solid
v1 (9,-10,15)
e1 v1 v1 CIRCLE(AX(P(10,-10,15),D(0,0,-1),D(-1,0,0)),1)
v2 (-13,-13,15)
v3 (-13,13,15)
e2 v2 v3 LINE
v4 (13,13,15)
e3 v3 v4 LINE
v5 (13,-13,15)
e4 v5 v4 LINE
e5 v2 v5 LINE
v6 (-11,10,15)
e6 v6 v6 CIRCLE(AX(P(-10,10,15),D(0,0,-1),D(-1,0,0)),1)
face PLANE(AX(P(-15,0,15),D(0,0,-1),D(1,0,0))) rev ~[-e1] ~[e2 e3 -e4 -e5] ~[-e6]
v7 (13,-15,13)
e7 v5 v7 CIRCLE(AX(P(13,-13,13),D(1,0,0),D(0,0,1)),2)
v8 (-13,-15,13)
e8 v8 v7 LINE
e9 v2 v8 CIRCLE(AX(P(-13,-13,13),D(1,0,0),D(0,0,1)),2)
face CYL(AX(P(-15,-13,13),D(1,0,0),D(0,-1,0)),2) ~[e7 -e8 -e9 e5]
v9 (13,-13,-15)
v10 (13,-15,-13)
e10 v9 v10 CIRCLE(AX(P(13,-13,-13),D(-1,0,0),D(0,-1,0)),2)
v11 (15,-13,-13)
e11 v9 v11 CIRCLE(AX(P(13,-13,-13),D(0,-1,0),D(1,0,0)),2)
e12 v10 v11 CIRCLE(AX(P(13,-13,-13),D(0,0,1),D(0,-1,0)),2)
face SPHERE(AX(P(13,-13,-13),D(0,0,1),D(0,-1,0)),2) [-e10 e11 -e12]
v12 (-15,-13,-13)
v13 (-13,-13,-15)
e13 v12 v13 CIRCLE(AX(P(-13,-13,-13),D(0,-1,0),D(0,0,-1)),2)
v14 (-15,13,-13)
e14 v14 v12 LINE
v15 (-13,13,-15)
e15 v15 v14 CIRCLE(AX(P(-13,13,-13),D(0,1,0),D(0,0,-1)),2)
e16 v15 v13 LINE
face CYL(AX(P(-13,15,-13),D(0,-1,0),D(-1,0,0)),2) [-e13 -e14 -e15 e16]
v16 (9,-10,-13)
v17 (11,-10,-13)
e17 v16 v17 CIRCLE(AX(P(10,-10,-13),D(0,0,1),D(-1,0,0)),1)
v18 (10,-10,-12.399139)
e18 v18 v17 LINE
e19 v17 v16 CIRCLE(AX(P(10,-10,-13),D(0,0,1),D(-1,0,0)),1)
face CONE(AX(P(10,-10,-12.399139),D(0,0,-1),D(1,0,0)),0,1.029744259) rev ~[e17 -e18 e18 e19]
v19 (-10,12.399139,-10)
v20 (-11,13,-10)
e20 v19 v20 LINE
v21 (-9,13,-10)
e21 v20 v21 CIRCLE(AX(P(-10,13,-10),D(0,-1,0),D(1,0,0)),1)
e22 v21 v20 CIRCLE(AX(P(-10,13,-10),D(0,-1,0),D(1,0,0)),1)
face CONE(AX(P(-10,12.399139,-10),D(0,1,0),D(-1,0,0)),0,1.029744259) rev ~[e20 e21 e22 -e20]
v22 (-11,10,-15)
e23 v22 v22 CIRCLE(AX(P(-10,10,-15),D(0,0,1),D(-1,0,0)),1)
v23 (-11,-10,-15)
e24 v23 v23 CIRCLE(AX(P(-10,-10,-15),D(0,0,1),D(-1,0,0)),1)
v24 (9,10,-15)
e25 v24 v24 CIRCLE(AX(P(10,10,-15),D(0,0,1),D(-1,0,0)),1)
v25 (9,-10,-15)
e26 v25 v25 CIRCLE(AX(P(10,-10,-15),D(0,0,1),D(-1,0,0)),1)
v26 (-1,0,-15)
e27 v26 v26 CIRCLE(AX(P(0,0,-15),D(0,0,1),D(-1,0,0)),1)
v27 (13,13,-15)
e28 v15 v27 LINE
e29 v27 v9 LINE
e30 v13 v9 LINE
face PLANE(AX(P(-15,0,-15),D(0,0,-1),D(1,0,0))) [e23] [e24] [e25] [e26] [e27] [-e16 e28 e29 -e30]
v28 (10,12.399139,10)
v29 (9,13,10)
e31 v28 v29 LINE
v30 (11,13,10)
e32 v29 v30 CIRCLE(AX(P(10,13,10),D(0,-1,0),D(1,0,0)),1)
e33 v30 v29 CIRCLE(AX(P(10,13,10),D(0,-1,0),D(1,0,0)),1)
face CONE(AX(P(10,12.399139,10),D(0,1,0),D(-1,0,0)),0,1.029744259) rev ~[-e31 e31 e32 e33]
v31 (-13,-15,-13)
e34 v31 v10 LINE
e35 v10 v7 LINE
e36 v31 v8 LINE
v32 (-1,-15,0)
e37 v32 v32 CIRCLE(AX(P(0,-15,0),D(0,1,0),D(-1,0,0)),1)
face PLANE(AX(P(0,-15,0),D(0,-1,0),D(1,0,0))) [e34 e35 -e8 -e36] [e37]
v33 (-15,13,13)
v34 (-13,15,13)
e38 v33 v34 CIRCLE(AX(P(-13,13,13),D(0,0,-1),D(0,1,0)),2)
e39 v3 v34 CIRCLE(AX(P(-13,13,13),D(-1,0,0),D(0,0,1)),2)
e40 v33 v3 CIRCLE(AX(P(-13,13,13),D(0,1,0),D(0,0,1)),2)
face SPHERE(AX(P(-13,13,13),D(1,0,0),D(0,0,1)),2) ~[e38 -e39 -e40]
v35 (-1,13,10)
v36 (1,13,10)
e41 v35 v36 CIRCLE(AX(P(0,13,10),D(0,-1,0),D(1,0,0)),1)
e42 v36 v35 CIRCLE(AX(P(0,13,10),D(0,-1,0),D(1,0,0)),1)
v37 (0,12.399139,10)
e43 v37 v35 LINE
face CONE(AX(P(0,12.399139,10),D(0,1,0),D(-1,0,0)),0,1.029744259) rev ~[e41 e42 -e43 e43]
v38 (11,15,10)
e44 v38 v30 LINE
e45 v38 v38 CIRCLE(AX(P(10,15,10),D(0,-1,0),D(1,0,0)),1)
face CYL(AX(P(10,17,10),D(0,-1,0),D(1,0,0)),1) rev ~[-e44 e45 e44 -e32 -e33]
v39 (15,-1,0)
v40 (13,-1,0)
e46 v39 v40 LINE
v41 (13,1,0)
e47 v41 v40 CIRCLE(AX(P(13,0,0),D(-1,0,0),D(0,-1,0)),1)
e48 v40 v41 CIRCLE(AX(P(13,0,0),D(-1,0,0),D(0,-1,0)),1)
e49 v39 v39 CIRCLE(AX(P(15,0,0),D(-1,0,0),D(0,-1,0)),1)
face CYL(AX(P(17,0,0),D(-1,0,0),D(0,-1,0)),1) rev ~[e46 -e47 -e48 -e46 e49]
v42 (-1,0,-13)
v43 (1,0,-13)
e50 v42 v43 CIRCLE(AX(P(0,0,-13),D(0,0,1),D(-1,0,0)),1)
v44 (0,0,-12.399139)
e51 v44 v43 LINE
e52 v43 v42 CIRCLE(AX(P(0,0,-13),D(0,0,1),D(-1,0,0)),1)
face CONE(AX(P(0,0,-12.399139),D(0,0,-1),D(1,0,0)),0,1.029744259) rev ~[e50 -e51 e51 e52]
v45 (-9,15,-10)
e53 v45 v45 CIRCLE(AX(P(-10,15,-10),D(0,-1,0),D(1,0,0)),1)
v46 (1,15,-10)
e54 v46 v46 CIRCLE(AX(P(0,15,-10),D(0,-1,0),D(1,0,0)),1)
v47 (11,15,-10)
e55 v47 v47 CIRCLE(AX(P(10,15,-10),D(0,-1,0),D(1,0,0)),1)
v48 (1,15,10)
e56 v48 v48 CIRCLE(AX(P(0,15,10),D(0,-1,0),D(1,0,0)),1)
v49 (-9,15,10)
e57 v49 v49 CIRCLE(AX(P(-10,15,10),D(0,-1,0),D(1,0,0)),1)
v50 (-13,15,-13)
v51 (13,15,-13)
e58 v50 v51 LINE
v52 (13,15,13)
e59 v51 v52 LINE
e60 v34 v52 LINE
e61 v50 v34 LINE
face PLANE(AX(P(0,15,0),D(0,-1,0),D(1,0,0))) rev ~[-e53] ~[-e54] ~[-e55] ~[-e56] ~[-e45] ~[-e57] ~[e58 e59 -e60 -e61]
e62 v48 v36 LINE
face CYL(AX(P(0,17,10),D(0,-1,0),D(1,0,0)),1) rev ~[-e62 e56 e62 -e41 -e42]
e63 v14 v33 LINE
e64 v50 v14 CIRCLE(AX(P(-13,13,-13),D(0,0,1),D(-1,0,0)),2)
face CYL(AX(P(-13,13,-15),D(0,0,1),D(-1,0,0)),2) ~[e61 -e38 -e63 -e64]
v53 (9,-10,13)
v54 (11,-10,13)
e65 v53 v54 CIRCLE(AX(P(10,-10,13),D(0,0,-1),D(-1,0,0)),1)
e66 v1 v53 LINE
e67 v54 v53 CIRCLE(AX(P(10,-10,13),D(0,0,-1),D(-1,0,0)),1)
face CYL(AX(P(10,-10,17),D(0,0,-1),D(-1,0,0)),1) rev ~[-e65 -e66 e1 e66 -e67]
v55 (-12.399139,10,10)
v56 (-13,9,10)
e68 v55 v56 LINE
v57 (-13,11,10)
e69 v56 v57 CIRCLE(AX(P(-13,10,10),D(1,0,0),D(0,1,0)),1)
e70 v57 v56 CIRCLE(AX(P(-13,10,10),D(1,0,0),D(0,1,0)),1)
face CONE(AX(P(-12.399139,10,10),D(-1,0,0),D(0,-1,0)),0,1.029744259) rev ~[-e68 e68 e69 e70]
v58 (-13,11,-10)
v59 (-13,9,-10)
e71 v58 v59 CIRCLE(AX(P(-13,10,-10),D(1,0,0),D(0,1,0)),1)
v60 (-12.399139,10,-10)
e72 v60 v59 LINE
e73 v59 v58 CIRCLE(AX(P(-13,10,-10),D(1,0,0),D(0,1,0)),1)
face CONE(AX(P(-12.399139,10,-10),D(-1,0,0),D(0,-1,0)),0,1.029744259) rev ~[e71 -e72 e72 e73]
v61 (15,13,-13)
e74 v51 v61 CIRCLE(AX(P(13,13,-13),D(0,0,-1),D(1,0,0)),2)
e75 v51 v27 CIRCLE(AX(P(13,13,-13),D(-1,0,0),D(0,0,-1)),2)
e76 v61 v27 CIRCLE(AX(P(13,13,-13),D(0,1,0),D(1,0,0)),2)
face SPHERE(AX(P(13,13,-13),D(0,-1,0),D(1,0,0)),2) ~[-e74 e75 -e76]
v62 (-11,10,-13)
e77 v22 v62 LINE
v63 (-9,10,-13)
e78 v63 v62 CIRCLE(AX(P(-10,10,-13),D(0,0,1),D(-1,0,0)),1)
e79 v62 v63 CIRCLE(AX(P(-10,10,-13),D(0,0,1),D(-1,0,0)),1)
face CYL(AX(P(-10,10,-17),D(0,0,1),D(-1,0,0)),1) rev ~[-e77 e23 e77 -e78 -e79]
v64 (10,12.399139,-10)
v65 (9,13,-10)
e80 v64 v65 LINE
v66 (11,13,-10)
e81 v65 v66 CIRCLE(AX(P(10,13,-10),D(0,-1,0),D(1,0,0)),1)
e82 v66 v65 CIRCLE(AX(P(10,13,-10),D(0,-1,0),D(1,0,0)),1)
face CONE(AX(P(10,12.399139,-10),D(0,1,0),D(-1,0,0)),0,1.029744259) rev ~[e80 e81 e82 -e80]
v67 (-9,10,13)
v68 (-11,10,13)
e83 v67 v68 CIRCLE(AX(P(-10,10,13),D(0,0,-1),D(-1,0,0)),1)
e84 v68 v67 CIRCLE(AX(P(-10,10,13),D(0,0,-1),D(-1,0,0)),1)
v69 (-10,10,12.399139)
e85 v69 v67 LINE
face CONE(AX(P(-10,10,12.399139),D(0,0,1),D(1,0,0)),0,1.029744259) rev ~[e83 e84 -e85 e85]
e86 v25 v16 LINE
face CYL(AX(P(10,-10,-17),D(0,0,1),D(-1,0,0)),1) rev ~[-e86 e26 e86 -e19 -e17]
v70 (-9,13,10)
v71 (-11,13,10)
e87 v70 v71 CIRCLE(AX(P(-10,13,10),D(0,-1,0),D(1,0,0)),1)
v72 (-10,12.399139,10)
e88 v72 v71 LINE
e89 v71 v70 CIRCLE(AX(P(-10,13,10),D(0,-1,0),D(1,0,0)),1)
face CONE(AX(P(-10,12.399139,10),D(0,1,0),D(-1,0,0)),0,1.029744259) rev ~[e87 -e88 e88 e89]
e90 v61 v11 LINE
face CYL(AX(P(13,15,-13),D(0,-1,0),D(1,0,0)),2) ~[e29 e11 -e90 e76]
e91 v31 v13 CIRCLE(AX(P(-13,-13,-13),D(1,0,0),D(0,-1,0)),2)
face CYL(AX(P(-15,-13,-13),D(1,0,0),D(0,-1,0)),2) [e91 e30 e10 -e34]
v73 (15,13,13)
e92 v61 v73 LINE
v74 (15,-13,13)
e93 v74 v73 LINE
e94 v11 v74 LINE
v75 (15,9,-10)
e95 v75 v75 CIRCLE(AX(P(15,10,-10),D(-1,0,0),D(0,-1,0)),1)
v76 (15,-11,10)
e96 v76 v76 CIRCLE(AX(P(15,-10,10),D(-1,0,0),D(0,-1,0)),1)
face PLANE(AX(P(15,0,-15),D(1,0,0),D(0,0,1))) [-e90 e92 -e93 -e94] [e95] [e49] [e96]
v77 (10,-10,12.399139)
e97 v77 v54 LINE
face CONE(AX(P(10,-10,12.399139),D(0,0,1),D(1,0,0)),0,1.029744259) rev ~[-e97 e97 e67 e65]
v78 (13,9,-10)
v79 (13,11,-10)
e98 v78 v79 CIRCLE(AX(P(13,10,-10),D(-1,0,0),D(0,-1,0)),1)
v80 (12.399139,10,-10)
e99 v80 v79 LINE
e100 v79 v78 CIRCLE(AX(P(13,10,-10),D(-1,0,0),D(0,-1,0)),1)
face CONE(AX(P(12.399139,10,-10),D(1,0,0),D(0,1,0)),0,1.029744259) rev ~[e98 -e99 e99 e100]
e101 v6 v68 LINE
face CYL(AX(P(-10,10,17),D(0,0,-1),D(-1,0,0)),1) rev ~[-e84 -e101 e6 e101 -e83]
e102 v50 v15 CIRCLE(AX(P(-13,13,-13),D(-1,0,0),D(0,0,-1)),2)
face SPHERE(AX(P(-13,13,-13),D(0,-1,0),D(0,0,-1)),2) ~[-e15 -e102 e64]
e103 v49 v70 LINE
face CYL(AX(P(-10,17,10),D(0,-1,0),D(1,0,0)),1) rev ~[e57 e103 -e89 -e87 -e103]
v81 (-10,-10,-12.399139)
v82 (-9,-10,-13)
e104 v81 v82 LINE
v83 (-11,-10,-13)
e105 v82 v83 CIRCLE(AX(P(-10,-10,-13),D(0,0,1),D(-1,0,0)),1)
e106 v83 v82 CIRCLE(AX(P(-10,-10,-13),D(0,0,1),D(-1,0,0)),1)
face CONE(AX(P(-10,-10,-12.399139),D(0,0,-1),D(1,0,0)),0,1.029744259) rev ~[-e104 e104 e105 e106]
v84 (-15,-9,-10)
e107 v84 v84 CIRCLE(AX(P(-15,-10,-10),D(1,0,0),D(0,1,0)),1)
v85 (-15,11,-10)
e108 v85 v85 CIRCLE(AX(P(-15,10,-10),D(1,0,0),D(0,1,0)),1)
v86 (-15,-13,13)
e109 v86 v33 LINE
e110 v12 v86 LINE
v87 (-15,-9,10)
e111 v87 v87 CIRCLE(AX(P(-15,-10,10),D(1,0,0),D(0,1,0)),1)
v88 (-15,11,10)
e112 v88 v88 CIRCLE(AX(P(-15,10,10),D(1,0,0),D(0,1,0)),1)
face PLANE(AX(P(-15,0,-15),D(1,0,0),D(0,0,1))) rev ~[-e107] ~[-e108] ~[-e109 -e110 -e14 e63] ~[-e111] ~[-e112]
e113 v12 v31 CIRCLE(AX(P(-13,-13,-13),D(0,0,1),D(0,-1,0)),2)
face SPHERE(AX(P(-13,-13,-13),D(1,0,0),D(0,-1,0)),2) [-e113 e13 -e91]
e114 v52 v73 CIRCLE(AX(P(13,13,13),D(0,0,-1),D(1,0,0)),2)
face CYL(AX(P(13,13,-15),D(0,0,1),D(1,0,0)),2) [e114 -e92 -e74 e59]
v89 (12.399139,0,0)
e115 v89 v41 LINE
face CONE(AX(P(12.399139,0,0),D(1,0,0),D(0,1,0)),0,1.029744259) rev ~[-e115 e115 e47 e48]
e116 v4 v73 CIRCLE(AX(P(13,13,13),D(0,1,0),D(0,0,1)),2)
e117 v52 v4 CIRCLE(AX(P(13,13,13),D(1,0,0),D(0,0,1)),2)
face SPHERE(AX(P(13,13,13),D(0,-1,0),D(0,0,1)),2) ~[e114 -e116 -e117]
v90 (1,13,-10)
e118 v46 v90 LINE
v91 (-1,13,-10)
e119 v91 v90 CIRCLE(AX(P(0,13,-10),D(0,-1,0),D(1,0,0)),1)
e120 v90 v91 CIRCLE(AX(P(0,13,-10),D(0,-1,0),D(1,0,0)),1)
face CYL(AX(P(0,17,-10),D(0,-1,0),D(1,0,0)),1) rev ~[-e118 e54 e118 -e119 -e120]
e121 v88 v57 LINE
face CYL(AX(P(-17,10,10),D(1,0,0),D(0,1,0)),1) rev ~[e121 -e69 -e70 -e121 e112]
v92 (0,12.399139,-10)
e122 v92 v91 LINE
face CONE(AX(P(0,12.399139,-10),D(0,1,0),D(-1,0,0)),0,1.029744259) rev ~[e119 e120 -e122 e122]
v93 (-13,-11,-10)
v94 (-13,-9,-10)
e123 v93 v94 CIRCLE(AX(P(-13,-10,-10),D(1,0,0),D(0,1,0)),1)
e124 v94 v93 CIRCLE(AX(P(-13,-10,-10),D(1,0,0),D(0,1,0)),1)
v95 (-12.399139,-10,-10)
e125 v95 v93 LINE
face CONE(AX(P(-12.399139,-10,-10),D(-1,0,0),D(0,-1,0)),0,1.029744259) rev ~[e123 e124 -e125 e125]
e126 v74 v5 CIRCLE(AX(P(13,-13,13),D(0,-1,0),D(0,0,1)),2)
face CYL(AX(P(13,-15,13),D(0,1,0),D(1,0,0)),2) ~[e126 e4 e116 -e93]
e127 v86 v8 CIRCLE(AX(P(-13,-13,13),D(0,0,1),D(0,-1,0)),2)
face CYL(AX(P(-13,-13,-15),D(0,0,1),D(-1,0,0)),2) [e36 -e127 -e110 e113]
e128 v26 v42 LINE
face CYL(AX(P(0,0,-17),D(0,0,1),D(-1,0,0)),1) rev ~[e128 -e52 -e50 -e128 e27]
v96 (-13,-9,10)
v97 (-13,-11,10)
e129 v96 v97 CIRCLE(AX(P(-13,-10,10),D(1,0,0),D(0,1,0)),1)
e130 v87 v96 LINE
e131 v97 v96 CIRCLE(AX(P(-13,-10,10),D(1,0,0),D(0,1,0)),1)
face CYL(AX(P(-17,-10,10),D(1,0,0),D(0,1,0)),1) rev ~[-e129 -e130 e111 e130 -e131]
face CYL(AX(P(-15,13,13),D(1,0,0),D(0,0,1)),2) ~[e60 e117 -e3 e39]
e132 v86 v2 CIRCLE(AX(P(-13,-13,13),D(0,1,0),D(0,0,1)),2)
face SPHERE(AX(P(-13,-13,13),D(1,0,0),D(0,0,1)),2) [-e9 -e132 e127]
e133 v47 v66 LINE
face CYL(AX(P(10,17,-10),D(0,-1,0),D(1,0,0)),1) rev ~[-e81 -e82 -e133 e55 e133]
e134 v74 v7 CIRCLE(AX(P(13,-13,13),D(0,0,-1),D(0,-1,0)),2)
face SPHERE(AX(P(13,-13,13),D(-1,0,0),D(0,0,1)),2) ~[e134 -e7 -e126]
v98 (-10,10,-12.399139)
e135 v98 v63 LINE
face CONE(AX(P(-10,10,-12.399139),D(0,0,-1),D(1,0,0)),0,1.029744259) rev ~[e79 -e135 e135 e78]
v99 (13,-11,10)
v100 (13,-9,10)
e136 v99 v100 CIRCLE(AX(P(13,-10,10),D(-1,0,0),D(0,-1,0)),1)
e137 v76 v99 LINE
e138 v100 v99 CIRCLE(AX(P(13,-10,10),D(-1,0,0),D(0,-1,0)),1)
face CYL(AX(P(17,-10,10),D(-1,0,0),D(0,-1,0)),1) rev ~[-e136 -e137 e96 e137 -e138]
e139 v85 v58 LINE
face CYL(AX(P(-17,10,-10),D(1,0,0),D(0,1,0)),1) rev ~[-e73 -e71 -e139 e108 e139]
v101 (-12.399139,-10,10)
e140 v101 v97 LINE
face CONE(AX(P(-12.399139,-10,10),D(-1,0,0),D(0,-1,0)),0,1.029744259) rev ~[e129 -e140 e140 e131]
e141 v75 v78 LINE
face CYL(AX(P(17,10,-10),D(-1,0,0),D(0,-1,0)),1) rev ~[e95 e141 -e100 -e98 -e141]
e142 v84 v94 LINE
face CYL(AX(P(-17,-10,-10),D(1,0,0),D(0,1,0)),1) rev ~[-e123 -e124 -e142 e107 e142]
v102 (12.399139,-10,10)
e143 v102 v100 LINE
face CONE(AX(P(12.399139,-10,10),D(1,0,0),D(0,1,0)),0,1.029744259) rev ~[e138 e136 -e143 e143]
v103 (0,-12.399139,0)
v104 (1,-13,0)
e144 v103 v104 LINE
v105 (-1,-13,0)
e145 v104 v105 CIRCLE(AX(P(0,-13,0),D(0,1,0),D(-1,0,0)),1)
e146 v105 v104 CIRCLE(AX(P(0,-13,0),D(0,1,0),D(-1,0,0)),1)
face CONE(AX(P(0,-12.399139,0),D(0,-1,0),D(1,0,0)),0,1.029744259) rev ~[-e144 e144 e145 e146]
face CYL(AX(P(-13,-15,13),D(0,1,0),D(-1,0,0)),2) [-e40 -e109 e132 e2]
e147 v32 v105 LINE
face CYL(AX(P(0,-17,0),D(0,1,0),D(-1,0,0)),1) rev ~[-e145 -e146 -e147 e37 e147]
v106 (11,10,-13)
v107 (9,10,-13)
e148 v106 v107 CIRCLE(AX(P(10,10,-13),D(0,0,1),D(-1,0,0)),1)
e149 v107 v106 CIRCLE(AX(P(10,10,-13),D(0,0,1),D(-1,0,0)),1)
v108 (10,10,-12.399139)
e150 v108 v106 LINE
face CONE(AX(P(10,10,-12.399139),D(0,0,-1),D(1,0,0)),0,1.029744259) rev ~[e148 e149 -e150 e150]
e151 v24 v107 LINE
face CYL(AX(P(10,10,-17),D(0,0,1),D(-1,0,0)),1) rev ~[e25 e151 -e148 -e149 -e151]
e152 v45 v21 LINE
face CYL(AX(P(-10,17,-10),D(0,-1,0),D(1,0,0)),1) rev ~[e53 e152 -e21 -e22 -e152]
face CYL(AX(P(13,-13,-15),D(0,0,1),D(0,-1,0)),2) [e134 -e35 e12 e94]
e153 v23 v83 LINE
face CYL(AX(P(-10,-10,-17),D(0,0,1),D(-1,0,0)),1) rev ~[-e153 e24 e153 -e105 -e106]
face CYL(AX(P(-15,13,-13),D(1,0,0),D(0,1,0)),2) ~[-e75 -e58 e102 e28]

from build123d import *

# Parameters (mm, degrees)
F0_W      = 30
F0_H      = 30
F1_DEPTH  = 15
F2_R      = 2
F4_D      = 2
F4_DEPTH  = 2
F4_TIP    = 0.600860619
F10_D     = 2
F10_DEPTH = 2
F10_TIP   = 0.600860619
F11_D     = 2
F11_DEPTH = 2
F11_TIP   = 0.600860619
F12_D     = 2
F12_DEPTH = 2
F12_TIP   = 0.600860619
F13_D     = 2
F13_DEPTH = 2
F13_TIP   = 0.600860619
F14_D     = 2
F14_DEPTH = 2
F14_TIP   = 0.600860619


with BuildPart() as f1:
    # F0 (on Front) → F1 (new body, symmetric)
    with BuildSketch(Plane.XZ):
        Rectangle(F0_W, F0_H)
    extrude(amount=F1_DEPTH, both=True)

    # F2
    f2_edges = [f1.edges().sort_by_distance(p)[0] for p in [
        (0, -15, 15),
        (15, 0, 15),
        (0, 15, 15),
        (-15, 0, 15),
        (15, -15, 0),
        (0, -15, -15),
        (-15, -15, 0),
        (15, 0, -15),
        (15, 15, 0),
        (-15, 0, -15),
        (0, 15, -15),
        (-15, 15, 0),
    ]]
    fillet(f2_edges, radius=F2_R)

    # F4
    with Locations(Plane.XZ.offset(15)):
        with Locations((0, 0)):
            Hole(F4_D / 2, depth=F4_DEPTH)
            with Locations((0, 0, -(F4_DEPTH + F4_TIP / 2))):  # 118° drill point
                Cone(0, F4_D / 2, F4_TIP, mode=Mode.SUBTRACT)

    # F10
    with Locations(Plane.YZ.offset(15)):
        with Locations((-10, 10), (10, -10), (0, 0)):
            Hole(F10_D / 2, depth=F10_DEPTH)
            with Locations((0, 0, -(F10_DEPTH + F10_TIP / 2))):  # 118° drill point
                Cone(0, F10_D / 2, F10_TIP, mode=Mode.SUBTRACT)

    # F11
    with Locations(Plane(origin=(0, 15, 0), x_dir=(-1, 0, 0), z_dir=(0, 1, 0))):
        with Locations((-10, 10), (0, 10), (10, 10), (10, -10), (0, -10), (-10, -10)):
            Hole(F11_D / 2, depth=F11_DEPTH)
            with Locations((0, 0, -(F11_DEPTH + F11_TIP / 2))):  # 118° drill point
                Cone(0, F11_D / 2, F11_TIP, mode=Mode.SUBTRACT)

    # F12
    with Locations(Plane.XY.offset(15)):
        with Locations((10, -10), (-10, 10)):
            Hole(F12_D / 2, depth=F12_DEPTH)
            with Locations((0, 0, -(F12_DEPTH + F12_TIP / 2))):  # 118° drill point
                Cone(0, F12_D / 2, F12_TIP, mode=Mode.SUBTRACT)

    # F13
    with Locations(Plane(origin=(-15, 0, 0), x_dir=(0, -1, 0), z_dir=(-1, 0, 0))):
        with Locations((10, 10), (-10, 10), (10, -10), (-10, -10)):
            Hole(F13_D / 2, depth=F13_DEPTH)
            with Locations((0, 0, -(F13_DEPTH + F13_TIP / 2))):  # 118° drill point
                Cone(0, F13_D / 2, F13_TIP, mode=Mode.SUBTRACT)

    # F14
    with Locations(Plane(origin=(0, 0, -15), x_dir=(1, 0, 0), z_dir=(0, 0, -1))):
        with Locations((-10, 10), (-10, -10), (0, 0), (10, -10), (10, 10)):
            Hole(F14_D / 2, depth=F14_DEPTH)
            with Locations((0, 0, -(F14_DEPTH + F14_TIP / 2))):  # 118° drill point
                Cone(0, F14_D / 2, F14_TIP, mode=Mode.SUBTRACT)


solid = f1.part
